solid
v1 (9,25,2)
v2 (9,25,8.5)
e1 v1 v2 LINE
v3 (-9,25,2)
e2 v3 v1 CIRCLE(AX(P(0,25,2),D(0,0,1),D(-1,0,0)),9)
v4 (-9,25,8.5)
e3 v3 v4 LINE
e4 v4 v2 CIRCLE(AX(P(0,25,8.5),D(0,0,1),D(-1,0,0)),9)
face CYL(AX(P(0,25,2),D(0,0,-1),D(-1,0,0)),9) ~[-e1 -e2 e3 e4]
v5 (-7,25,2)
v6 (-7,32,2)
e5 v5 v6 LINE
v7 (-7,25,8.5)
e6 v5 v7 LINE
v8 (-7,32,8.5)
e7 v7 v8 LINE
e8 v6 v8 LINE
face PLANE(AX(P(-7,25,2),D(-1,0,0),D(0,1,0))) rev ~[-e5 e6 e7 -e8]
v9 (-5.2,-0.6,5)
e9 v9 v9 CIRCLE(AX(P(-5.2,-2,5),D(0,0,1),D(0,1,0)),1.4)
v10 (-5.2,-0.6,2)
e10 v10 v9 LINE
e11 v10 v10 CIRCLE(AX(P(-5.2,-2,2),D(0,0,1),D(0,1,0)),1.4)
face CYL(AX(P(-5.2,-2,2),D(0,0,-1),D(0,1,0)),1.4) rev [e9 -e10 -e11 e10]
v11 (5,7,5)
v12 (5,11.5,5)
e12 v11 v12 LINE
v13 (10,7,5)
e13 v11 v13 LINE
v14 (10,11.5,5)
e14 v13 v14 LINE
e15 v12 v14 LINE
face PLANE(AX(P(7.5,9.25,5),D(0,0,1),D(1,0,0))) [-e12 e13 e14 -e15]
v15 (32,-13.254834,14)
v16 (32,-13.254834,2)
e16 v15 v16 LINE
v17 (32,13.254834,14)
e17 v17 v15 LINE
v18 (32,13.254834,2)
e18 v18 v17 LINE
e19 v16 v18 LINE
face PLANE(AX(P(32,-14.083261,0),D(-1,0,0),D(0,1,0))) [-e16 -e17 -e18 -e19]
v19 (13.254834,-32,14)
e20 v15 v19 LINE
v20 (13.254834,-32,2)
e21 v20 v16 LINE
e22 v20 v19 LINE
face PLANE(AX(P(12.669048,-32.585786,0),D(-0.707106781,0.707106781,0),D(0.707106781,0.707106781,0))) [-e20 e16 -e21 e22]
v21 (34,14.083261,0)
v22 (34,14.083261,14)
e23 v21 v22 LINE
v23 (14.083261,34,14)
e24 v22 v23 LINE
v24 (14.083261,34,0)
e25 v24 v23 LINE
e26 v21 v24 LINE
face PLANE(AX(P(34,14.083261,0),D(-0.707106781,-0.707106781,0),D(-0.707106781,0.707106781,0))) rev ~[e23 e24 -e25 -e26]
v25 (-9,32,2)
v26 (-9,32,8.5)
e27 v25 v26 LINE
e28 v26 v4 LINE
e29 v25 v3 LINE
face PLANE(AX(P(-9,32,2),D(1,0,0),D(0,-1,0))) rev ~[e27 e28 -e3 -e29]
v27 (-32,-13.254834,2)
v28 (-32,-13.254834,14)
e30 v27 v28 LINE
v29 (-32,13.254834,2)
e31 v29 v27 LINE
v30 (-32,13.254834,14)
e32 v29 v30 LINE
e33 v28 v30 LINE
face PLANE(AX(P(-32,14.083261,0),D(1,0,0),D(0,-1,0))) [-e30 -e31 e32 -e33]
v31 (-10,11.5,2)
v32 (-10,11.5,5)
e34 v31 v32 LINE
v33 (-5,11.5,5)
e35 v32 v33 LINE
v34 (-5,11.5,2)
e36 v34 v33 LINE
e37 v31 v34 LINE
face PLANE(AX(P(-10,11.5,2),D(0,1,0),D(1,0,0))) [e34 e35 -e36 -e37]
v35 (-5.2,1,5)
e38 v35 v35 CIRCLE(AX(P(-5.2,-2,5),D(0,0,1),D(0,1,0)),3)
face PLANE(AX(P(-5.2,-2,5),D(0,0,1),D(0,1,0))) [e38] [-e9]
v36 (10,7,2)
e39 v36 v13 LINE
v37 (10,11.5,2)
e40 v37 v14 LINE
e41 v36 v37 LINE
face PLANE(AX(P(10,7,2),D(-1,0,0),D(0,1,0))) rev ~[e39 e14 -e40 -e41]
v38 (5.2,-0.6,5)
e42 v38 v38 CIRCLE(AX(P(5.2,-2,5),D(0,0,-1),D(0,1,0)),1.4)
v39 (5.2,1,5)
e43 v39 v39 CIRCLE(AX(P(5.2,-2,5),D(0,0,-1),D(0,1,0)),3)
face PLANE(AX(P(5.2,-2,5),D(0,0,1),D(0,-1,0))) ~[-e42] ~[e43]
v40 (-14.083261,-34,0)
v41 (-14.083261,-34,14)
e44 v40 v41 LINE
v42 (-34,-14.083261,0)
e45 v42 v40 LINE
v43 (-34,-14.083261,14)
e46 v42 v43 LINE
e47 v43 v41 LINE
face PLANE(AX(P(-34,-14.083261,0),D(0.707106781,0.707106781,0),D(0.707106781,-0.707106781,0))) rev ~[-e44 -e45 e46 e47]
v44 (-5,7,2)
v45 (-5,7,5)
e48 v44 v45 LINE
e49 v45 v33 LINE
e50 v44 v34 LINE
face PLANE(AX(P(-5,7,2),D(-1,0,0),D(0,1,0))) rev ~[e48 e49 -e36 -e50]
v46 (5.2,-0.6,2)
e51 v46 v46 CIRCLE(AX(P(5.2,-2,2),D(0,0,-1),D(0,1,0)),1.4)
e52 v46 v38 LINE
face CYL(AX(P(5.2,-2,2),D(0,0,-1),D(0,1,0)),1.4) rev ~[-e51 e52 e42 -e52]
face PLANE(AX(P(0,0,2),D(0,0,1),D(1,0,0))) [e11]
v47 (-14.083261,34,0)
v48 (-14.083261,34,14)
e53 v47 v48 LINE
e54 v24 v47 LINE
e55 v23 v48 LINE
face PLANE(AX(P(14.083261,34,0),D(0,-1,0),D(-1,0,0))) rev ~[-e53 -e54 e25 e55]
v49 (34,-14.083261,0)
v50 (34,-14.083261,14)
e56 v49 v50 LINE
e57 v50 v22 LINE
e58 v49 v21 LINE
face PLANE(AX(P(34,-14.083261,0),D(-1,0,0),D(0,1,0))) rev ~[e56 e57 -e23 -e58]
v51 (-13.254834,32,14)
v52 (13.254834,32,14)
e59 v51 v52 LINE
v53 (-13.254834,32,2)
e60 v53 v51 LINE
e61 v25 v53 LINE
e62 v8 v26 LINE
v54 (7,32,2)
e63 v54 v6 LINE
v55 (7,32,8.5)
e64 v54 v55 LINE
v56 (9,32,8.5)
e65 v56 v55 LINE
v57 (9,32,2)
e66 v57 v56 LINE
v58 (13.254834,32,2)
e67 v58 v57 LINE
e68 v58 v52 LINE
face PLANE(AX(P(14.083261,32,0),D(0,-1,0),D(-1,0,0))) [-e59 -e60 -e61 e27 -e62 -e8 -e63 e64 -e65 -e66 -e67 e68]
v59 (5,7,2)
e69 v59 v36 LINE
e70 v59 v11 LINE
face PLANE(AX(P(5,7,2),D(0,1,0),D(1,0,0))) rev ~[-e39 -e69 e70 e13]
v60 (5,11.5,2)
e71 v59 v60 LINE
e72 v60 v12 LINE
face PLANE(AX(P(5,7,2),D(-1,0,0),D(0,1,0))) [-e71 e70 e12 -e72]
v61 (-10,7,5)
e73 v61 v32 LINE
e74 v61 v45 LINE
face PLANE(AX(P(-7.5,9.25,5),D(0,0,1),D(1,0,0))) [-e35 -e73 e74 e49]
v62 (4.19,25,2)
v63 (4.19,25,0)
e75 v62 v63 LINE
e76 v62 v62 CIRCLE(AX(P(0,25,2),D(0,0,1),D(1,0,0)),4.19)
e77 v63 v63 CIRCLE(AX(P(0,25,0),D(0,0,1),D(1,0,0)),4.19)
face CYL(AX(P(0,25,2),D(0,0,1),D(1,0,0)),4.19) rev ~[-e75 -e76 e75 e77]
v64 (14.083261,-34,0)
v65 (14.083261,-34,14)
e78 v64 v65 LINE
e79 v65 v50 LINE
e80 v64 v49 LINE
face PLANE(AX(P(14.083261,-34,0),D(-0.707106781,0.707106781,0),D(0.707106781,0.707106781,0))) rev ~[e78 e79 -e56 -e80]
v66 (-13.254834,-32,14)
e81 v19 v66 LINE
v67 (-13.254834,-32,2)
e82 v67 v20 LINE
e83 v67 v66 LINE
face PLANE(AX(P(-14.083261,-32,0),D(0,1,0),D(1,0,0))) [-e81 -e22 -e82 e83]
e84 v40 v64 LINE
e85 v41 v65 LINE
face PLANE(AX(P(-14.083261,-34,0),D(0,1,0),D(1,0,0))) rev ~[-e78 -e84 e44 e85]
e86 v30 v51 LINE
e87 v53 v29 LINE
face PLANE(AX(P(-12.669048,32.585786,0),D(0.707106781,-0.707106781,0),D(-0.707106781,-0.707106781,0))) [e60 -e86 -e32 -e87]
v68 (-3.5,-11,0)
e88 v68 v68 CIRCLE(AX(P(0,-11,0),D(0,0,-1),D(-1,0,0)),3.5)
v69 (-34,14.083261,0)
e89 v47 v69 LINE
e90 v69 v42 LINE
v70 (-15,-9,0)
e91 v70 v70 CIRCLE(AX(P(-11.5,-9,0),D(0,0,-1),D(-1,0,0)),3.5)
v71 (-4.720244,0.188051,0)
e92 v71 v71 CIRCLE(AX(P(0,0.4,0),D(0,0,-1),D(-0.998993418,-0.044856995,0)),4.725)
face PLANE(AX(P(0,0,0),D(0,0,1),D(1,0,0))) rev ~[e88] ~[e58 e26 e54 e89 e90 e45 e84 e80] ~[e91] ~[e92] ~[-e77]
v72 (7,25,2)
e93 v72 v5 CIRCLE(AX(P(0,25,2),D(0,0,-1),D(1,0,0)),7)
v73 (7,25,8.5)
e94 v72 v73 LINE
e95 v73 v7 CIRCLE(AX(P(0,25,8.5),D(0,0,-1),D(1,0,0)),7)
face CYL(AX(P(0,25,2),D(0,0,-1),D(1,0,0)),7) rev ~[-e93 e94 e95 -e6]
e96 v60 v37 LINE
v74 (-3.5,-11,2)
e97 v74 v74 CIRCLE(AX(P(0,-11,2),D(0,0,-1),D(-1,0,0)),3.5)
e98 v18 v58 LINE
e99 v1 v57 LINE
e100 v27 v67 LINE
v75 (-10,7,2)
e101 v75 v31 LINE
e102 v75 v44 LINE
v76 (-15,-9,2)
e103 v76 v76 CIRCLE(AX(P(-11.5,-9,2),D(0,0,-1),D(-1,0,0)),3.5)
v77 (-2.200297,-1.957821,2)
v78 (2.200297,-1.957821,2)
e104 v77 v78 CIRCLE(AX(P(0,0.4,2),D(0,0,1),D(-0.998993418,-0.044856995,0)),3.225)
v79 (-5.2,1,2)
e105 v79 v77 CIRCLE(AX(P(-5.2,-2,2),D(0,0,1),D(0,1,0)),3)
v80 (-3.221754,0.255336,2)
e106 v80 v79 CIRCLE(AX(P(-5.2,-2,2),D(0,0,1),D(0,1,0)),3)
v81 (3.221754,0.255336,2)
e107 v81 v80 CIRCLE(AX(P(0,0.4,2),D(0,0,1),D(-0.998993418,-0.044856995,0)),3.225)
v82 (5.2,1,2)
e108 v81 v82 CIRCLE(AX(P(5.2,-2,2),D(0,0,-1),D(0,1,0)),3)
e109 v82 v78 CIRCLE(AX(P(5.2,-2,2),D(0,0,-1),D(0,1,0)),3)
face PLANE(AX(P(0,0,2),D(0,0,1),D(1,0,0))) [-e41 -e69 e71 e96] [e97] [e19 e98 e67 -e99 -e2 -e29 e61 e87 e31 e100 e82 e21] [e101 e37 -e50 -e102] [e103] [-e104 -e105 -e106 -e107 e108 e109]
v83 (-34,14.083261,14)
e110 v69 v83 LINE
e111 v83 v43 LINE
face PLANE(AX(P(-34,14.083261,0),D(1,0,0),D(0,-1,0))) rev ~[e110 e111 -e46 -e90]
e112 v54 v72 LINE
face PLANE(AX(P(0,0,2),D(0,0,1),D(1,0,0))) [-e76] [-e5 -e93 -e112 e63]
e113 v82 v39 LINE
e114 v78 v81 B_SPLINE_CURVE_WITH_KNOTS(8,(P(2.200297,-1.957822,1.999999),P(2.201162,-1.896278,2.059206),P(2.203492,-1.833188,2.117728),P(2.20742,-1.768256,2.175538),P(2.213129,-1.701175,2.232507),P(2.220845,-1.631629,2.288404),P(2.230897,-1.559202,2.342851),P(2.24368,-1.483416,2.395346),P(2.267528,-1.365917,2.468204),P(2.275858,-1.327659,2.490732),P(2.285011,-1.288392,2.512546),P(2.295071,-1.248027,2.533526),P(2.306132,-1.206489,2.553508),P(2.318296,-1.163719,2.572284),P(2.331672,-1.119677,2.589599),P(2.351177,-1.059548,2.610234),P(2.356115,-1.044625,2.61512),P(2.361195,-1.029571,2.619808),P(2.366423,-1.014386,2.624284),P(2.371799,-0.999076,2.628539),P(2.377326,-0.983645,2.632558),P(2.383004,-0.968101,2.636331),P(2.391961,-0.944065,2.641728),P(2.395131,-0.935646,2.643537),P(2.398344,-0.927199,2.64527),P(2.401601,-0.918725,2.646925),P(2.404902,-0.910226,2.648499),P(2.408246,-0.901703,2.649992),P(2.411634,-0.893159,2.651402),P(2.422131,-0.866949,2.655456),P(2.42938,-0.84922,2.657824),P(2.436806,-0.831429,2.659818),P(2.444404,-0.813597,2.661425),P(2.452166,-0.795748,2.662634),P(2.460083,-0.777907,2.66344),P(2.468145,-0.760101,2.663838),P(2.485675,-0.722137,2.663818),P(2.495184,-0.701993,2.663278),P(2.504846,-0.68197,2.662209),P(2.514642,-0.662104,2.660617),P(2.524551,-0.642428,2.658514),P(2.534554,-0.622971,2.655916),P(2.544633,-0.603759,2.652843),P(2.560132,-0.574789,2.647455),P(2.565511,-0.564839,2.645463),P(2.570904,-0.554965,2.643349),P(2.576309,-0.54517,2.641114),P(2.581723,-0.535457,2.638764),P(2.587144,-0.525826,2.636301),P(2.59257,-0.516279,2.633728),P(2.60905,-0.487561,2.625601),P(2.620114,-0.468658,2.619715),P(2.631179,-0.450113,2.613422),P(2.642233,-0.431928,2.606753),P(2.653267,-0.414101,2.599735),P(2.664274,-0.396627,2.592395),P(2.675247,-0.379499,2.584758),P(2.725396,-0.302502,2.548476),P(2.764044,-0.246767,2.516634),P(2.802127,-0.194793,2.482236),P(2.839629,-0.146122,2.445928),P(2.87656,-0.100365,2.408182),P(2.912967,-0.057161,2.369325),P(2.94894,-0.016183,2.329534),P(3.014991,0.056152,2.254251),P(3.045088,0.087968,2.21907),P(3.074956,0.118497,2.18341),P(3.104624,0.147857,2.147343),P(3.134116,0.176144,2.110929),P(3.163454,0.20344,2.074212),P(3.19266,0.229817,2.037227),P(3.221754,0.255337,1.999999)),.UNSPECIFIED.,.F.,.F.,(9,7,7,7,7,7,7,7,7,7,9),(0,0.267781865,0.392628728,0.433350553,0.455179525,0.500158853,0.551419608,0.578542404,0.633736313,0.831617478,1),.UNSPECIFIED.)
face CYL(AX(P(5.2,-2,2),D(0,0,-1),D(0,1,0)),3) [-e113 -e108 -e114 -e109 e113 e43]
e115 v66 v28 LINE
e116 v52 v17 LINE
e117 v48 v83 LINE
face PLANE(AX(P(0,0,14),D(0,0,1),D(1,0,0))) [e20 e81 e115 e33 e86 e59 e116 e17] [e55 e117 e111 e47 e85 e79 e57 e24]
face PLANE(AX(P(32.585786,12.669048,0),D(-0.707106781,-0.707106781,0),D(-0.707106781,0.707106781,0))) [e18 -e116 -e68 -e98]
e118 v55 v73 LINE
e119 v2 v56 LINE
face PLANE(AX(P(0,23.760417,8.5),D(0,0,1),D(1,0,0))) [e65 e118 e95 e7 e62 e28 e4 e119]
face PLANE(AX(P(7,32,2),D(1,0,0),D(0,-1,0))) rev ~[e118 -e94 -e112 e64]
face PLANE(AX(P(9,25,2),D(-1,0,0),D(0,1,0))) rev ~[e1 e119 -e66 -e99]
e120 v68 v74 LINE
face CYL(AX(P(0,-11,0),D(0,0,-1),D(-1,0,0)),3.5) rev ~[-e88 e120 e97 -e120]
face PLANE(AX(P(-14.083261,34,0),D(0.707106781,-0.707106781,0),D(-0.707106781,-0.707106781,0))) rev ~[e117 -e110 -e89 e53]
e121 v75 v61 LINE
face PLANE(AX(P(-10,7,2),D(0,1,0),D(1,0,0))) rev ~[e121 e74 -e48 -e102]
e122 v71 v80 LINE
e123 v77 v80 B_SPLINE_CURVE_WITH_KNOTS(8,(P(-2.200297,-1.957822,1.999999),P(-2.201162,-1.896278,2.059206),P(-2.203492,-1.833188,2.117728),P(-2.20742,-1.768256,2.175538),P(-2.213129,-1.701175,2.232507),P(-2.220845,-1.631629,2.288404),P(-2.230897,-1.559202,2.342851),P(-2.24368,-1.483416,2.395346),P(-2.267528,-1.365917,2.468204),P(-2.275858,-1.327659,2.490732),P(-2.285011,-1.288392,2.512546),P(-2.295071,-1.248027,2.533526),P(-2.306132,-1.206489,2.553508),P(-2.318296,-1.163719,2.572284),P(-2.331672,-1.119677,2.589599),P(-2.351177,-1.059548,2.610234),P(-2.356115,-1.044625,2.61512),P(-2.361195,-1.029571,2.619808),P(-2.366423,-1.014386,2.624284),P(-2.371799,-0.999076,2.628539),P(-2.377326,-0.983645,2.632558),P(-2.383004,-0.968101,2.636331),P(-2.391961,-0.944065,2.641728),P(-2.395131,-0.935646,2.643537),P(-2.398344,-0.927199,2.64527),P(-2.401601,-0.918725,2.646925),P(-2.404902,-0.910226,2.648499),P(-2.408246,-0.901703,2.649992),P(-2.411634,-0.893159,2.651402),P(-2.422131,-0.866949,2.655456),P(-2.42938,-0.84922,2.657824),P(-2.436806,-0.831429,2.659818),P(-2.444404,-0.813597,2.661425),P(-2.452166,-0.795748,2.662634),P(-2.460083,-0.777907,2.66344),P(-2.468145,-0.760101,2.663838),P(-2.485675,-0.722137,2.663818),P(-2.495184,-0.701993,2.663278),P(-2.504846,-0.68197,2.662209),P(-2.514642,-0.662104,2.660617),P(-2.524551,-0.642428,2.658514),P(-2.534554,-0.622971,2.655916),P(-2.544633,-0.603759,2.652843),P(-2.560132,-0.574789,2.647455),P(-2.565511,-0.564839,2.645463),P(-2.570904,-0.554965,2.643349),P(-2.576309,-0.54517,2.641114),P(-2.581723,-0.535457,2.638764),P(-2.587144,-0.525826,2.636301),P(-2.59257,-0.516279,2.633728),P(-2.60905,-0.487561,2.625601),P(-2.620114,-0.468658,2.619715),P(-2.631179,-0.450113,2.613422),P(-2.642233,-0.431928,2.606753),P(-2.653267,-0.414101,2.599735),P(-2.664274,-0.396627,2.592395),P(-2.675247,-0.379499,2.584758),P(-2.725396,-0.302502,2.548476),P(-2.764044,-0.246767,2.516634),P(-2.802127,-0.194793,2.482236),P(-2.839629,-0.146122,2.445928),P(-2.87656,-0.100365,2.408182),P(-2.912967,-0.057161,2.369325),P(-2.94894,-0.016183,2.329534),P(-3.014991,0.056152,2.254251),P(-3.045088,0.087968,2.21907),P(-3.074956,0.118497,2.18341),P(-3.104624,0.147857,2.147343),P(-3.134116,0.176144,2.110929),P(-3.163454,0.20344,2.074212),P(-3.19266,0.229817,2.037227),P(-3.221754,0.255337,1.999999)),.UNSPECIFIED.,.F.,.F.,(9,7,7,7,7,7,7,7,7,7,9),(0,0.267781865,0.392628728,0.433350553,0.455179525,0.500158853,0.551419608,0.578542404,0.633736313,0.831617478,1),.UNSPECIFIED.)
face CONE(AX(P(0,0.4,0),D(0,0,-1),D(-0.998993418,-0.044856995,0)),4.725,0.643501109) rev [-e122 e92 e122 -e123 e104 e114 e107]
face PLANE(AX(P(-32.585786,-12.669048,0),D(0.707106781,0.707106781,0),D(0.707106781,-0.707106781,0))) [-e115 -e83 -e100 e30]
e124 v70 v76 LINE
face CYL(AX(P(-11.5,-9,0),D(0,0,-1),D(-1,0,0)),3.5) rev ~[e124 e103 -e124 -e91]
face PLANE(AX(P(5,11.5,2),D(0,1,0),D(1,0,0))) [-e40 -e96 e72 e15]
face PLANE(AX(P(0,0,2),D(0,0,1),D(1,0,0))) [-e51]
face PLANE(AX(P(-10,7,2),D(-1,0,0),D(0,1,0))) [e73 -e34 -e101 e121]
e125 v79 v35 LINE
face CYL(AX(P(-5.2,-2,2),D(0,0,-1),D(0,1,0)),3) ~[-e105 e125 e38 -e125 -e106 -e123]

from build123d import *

# Parameters (mm, degrees)
BOSS_EXTRUDE1_DEPTH = 14
SHELL1_T            = -2
BOSS_EXTRUDE2_DEPTH = 6.5
SKETCH3_R           = 4.19
CUT_EXTRUDE1_DEPTH  = 50.558046773
SKETCH8_R           = 3
SKETCH8_R_2         = 1.4
BOSS_EXTRUDE3_DEPTH = 3
SKETCH9_W           = 5
SKETCH9_H           = 4.5
BOSS_EXTRUDE4_DEPTH = 3
SKETCH10_R          = 3.5
CUT_EXTRUDE2_DEPTH  = 51.079936102


with BuildPart() as part:
    # Sketch1 → Boss-Extrude1 (new body)
    with BuildSketch(Plane.XY):
        Polygon((34, -14.083261121), (34, 14.083261121), (14.083261121, 34), (-14.083261121, 34), (-34, 14.083261121), (-34, -14.083261121), (-14.083261121, -34), (14.083261121, -34), align=None)
    extrude(amount=BOSS_EXTRUDE1_DEPTH)

    # Shell1
    shell1_openings = [part.faces().sort_by_distance(p)[0] for p in [
        (0, 0, 14),
    ]]
    offset(amount=SHELL1_T, openings=shell1_openings, kind=Kind.INTERSECTION)

    # Sketch2 → Boss-Extrude2 (add)
    with BuildSketch(Plane.XY.offset(2)):
        with BuildLine():
            Line((7, 32), (7, 25))
            ThreePointArc((7, 25), (0, 18), (-7, 25))
            Line((-7, 25), (-7, 32))
            Line((-7, 32), (-9, 32))
            Line((-9, 32), (-9, 25))
            ThreePointArc((-9, 25), (0, 16), (9, 25))
            Line((9, 25), (9, 32))
            Line((9, 32), (7, 32))
        make_face()
    extrude(amount=BOSS_EXTRUDE2_DEPTH)

    # Sketch3 → Cut-Extrude1 (cut, through all)
    with BuildSketch(Plane.XY.offset(2)):
        with Locations((0, 25)):
            Circle(SKETCH3_R)
    extrude(amount=-CUT_EXTRUDE1_DEPTH, mode=Mode.SUBTRACT)

    # Sketch8 → Boss-Extrude3 (add)
    with BuildSketch(Plane.XY.offset(2)):
        with Locations(Location((-5.2, -2, 0), (0, 0, 90))):
            Circle(SKETCH8_R)
        with Locations(Location((-5.2, -2, 0), (0, 0, 90))):
            Circle(SKETCH8_R_2, mode=Mode.SUBTRACT)
    boss_extrude3 = extrude(amount=BOSS_EXTRUDE3_DEPTH)

    # Mirror1: Boss-Extrude3 across plane
    add(boss_extrude3.mirror(Plane(origin=(0, 0, 0), x_dir=(0, 0, 1), z_dir=(1, 0, 0))))

    # Sketch6 → Cut-Revolve1 (revolve, cut)
    with BuildSketch(Plane(origin=(0, 0, 0), x_dir=(0, 0, -1), z_dir=(1, 0, 0)), mode=Mode.PRIVATE) as cut_revolve1_sk:
        Polygon((-6.3, 0.4), (0, 0.4), (0, -4.325), align=None)
    revolve(cut_revolve1_sk.sketch.rotate(Axis((0, 0.4, 6.3), (0, 0, -1)), 87.429020802), axis=Axis((0, 0.4, 6.3), (0, 0, -1)), mode=Mode.SUBTRACT)

    # Sketch9 → Boss-Extrude4 (add)
    with BuildSketch(Plane.XY.offset(2)):
        with Locations((-7.5, 9.25)):
            Rectangle(SKETCH9_W, SKETCH9_H)
        with Locations((7.5, 9.25)):
            Rectangle(SKETCH9_W, SKETCH9_H)
    extrude(amount=BOSS_EXTRUDE4_DEPTH)

    # Sketch10 → Cut-Extrude2 (cut, through all)
    with BuildSketch(Plane(origin=(0, 0, 0), x_dir=(-1, 0, 0), z_dir=(0, 0, -1))):
        with Locations((11.5, -9)):
            Circle(SKETCH10_R)
        with Locations((0, -11)):
            Circle(SKETCH10_R)
    extrude(amount=-CUT_EXTRUDE2_DEPTH, mode=Mode.SUBTRACT)


solid = part.part
